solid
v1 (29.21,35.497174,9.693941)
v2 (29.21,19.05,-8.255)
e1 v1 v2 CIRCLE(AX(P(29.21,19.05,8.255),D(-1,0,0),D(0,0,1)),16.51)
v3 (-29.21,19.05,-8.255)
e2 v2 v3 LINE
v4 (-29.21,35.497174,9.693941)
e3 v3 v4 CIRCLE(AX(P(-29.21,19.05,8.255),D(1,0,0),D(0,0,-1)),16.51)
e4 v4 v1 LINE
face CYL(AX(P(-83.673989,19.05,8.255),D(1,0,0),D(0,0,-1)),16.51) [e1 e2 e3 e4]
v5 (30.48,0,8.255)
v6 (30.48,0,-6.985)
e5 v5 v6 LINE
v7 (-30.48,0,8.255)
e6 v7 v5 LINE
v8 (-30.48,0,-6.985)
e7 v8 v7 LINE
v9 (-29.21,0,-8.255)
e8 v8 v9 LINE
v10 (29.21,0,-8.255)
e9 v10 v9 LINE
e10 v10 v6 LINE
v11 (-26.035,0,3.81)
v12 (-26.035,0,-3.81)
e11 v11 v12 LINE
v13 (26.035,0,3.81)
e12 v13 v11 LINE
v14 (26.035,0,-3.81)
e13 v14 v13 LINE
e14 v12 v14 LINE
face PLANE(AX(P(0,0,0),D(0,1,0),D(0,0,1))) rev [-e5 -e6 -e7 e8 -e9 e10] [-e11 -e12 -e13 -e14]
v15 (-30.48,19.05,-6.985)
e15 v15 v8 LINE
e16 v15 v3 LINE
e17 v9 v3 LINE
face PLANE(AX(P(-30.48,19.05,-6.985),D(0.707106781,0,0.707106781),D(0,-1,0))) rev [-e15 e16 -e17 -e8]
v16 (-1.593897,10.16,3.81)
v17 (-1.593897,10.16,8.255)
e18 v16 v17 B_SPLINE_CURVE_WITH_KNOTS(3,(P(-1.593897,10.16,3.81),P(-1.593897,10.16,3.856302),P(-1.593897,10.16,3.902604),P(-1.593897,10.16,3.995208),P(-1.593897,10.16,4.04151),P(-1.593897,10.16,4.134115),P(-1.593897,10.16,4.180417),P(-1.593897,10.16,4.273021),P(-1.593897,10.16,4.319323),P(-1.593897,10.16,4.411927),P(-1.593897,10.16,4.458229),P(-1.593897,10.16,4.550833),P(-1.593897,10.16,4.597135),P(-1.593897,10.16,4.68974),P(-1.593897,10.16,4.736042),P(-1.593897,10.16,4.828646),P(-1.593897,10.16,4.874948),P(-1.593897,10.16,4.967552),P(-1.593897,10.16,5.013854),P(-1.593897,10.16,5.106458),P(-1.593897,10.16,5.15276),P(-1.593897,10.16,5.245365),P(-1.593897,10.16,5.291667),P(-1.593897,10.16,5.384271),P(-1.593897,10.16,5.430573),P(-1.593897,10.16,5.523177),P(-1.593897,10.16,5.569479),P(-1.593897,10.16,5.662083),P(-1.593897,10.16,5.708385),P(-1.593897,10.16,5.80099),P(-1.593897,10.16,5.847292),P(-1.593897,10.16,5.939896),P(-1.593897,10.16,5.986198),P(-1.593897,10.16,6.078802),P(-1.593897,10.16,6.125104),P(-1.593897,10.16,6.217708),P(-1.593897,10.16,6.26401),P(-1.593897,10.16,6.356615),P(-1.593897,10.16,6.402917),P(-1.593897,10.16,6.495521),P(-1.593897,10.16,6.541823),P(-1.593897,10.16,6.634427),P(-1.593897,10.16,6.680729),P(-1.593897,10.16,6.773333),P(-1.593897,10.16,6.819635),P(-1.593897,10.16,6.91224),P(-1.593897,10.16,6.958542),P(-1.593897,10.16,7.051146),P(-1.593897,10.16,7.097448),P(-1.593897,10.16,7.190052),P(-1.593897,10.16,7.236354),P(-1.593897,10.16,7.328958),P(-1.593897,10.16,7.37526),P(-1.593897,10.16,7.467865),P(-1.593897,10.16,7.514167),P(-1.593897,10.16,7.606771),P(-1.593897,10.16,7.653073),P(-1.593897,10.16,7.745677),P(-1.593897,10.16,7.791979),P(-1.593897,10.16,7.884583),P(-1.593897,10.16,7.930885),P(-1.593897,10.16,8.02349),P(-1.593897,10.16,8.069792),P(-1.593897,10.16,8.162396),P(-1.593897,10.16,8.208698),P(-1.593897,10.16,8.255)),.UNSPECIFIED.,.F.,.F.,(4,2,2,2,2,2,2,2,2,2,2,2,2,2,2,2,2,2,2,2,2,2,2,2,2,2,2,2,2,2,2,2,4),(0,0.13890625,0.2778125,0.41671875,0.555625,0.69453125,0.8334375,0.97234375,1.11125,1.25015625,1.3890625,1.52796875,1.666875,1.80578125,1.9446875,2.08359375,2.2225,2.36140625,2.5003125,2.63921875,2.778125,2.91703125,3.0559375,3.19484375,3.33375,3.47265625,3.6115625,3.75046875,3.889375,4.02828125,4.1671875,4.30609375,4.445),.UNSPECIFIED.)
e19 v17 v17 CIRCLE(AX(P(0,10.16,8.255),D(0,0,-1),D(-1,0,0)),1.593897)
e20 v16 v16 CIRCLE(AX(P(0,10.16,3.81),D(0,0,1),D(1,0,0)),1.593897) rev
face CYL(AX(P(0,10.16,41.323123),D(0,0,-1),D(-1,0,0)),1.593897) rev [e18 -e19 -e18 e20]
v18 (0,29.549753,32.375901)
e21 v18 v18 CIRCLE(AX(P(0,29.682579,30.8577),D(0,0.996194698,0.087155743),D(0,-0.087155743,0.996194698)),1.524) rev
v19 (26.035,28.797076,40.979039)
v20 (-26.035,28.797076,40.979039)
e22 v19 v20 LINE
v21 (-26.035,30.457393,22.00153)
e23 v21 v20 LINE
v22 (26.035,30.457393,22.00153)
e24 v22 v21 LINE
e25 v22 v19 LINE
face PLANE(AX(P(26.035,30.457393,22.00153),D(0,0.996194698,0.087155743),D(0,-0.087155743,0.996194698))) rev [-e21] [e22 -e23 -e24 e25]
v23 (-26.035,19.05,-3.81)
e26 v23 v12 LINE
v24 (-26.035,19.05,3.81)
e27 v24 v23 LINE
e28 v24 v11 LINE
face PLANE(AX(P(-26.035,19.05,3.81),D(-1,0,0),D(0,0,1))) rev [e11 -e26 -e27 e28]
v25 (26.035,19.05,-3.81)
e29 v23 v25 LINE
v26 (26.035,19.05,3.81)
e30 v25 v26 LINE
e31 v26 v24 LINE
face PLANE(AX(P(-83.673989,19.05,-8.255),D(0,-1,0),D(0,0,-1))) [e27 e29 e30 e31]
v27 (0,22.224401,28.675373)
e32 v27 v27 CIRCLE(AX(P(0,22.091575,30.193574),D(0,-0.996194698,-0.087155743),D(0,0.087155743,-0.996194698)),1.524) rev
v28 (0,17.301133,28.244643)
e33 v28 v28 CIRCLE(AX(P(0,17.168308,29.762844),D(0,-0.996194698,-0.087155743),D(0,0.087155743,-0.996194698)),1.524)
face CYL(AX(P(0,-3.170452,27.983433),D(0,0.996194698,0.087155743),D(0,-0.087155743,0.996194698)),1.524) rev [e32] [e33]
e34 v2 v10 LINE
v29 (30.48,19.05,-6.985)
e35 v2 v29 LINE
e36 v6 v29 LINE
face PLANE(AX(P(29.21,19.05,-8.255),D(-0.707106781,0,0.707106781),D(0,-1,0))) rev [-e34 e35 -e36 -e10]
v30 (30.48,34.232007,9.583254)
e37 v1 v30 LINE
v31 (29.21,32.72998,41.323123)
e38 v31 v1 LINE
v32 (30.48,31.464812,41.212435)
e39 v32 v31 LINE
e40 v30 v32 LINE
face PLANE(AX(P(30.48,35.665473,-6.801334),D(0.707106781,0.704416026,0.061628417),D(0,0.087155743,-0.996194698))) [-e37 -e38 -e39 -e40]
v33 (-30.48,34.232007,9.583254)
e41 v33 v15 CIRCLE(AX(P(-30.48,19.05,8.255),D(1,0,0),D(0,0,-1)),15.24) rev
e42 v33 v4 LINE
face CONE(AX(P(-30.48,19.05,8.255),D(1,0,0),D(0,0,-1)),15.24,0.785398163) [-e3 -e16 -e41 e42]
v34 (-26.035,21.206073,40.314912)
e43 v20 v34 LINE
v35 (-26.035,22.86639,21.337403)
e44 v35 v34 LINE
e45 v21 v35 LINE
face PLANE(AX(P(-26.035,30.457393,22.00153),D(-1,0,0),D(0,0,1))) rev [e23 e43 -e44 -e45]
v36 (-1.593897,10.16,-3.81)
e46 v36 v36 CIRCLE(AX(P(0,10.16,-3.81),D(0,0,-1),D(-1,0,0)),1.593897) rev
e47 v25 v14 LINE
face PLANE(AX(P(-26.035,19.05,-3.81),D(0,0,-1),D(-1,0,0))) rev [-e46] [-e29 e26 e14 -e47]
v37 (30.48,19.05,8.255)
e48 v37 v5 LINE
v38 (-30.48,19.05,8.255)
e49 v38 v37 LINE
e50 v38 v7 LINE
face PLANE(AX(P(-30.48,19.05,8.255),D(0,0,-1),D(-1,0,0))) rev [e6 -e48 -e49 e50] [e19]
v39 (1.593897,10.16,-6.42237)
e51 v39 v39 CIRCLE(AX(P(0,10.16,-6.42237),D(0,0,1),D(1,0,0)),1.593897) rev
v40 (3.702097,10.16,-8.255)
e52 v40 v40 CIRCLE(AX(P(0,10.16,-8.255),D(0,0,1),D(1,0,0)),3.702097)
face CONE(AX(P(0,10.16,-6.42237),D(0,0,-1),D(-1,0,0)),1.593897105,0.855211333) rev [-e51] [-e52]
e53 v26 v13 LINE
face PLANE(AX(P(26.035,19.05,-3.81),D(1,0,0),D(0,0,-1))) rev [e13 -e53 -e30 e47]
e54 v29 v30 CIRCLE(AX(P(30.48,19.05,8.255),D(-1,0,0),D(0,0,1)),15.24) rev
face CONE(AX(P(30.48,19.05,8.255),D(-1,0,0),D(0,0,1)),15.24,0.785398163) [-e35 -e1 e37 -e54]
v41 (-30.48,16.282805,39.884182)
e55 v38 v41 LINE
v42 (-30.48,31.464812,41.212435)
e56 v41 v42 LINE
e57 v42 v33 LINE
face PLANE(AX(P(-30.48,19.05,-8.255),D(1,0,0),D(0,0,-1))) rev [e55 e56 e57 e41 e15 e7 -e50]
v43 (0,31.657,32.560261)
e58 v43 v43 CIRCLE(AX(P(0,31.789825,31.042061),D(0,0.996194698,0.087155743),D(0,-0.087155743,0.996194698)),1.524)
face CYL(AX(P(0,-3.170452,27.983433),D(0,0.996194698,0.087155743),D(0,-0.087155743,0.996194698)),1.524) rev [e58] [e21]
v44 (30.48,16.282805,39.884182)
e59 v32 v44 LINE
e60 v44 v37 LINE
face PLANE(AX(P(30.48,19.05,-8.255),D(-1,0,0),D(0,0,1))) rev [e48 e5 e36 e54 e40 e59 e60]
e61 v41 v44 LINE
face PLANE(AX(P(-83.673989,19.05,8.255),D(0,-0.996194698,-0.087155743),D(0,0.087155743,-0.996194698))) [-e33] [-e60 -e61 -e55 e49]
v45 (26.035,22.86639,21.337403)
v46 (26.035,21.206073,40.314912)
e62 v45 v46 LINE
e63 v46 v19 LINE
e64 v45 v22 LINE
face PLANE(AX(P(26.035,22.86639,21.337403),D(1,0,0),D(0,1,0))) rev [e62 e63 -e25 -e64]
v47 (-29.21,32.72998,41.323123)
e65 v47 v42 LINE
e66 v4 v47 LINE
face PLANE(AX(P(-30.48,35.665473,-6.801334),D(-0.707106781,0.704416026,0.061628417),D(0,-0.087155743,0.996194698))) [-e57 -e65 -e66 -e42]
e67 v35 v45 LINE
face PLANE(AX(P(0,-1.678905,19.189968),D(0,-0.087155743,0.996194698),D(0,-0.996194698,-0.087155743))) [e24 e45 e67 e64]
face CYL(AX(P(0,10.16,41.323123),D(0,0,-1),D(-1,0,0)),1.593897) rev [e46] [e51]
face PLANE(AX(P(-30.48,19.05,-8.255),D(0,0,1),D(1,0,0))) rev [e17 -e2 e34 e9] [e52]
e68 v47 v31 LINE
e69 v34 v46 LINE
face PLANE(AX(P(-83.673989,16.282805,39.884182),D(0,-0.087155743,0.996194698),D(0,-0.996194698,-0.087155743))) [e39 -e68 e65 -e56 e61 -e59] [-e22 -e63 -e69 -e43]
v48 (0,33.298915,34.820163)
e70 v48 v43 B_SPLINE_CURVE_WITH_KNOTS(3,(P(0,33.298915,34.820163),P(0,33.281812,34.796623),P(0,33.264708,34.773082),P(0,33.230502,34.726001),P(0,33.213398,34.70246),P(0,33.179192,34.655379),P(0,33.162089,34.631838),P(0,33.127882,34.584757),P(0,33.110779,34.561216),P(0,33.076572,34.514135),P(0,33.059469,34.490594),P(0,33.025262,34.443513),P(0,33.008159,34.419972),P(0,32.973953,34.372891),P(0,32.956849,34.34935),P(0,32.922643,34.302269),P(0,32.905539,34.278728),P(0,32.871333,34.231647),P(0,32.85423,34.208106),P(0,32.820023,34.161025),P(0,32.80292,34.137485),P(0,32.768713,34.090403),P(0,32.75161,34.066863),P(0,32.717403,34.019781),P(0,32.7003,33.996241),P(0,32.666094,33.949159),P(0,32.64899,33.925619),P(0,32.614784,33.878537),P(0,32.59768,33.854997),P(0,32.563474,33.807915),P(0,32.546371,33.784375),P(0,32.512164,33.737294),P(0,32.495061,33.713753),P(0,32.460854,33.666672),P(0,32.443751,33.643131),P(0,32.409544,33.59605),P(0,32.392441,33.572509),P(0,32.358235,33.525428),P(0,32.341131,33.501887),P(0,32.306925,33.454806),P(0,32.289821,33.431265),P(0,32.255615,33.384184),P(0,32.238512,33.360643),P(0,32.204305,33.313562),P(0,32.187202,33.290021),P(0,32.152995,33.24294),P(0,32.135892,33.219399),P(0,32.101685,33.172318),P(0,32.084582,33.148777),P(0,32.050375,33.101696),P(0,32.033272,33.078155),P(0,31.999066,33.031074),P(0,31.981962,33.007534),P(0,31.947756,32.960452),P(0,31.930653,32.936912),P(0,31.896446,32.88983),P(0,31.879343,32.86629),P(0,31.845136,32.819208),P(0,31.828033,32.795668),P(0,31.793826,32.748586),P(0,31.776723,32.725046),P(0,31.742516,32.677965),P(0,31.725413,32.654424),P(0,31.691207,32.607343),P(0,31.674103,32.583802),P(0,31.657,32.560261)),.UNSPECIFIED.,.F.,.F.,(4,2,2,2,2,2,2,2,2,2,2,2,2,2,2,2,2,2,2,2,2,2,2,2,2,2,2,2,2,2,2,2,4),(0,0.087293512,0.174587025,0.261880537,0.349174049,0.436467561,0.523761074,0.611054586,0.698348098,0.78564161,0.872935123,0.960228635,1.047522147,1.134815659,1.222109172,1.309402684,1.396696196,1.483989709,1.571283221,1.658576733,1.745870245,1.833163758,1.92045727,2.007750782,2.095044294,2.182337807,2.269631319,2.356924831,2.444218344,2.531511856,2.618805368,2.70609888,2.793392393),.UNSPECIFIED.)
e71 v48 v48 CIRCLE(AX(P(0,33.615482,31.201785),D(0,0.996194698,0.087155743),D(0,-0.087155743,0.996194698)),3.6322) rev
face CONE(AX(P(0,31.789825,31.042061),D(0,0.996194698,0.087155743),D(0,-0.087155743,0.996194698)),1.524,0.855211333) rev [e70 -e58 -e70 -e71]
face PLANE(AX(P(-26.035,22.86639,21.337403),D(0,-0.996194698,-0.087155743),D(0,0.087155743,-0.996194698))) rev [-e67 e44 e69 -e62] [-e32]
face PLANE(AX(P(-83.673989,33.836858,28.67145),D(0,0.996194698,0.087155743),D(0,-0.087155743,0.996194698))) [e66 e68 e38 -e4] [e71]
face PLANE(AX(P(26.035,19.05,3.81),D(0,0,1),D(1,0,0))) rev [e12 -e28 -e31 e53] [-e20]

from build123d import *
from OCP.BRepFilletAPI import BRepFilletAPI_MakeChamfer

# Parameters (mm, degrees)
SKETCH1_W           = 60.96
SKETCH1_H           = 16.51
SKETCH1_W_2         = 50.8
SKETCH1_H_2         = 6.35
BOSS_EXTRUDE1_DEPTH = 19.05
BOSS_EXTRUDE2_DEPTH = 60.96
SKETCH7_W           = 50.8
SKETCH7_H           = 6.35
CUT_EXTRUDE1_DEPTH  = 19.05
SKETCH8_R           = 1.524
CUT_EXTRUDE2_DEPTH  = 61.718810561
SKETCH9_R           = 1.593897105
CUT_EXTRUDE3_DEPTH  = 69.202157429
CHAMFER1_SIZE       = 2.1082
CHAMFER1_SIZE2      = 1.832630301
SKETCH10_W          = 52.07
SKETCH10_H          = 7.62
CUT_EXTRUDE4_DEPTH  = 19.05
SKETCH11_W          = 52.07
SKETCH11_H          = 7.62
CUT_EXTRUDE5_DEPTH  = 19.05
CHAMFER2_SIZE       = 1.27


with BuildPart() as part:
    # Sketch1 → Boss-Extrude1 (new body)
    with BuildSketch(Plane(origin=(0, 0, 0), x_dir=(1, 0, 0), z_dir=(0, 1, 0))):
        Rectangle(SKETCH1_W, SKETCH1_H)
        Rectangle(SKETCH1_W_2, SKETCH1_H_2, mode=Mode.SUBTRACT)
    extrude(amount=BOSS_EXTRUDE1_DEPTH)

    # Sketch5 → Boss-Extrude2 (add)
    with BuildSketch(Plane(origin=(30.48, 0, 0), x_dir=(0, 0, -1), z_dir=(1, 0, 0))):
        with BuildLine():
            Line((8.255, 19.05), (-8.255, 19.05))
            Line((-8.255, 19.05), (-39.884181664, 16.282805168))
            Line((-39.884181664, 16.282805168), (-41.323122977, 32.729979633))
            Line((-41.323122977, 32.729979633), (-28.671450311, 33.836857566))
            Line((-28.671450311, 33.836857566), (-9.693941313, 35.497174465))
            ThreePointArc((-9.693941313, 35.497174465), (2.898994328, 31.222448831), (8.255, 19.05))
        make_face()
    extrude(amount=-BOSS_EXTRUDE2_DEPTH)

    # Sketch7 → Cut-Extrude1 (cut)
    with BuildSketch(Plane(origin=(0, -3.339221533, 38.167476773), x_dir=(1, 0, 0), z_dir=(0, -0.08715574274765728, 0.9961946980917457))):
        with Locations((0, 28.449053402)):
            Rectangle(SKETCH7_W, SKETCH7_H)
    extrude(amount=-CUT_EXTRUDE1_DEPTH, mode=Mode.SUBTRACT)

    # Sketch8 → Cut-Extrude2 (cut, through all)
    with BuildSketch(Plane(origin=(0, 36.069201166, 3.155646204), x_dir=(1, 0, 0), z_dir=(0, 0.9961946980917459, 0.08715574274765486))):
        with Locations(Location((0, -28.153270333, 0), (0, 0, 270))):
            Circle(SKETCH8_R)
    extrude(amount=-CUT_EXTRUDE2_DEPTH, mode=Mode.SUBTRACT)

    # Sketch9 → Cut-Extrude3 (cut, through all)
    with BuildSketch(Plane(origin=(0, 0, -8.255), x_dir=(-1, 0, 0), z_dir=(0, 0, -1))):
        with Locations((0, 10.16)):
            Circle(SKETCH9_R)
    extrude(amount=-CUT_EXTRUDE3_DEPTH, mode=Mode.SUBTRACT)

    # Chamfer1: one chamfer whose edges measure the first distance from different faces: ONE call of the kernel's chamfer builder (chamfer() names one face for all edges)
    chamfer1_edges_1 = [part.edges().sort_by_distance(p)[0] for p in [
        (0, 33.748307332, 29.683584125),
    ]]
    chamfer1_side_1 = [part.faces().sort_by_distance(p)[0] for p in [
        (0, 34.115461929, 25.486987868),
    ]]
    chamfer1_edges_2 = [part.edges().sort_by_distance(p)[0] for p in [
        (1.593897105, 10.16, -8.255),
    ]]
    chamfer1_side_2 = [part.faces().sort_by_distance(p)[0] for p in [
        (-29.841327619, 9.525, -8.255),
    ]]
    chamfer1 = BRepFilletAPI_MakeChamfer(part.part.solid().wrapped)
    for e in chamfer1_edges_1:
        chamfer1.Add(CHAMFER1_SIZE, CHAMFER1_SIZE2, e.wrapped, chamfer1_side_1[0].wrapped)  # the first distance lies on this face
    for e in chamfer1_edges_2:
        chamfer1.Add(CHAMFER1_SIZE, CHAMFER1_SIZE2, e.wrapped, chamfer1_side_2[0].wrapped)  # the first distance lies on this face
    add(Compound.cast(chamfer1.Shape()), mode=Mode.REPLACE)

    # Sketch10 → Cut-Extrude4 (cut)
    with BuildSketch(Plane(origin=(0, -3.339221533, 38.167476773), x_dir=(1, 0, 0), z_dir=(0, -0.08715574274765728, 0.9961946980917457))):
        with Locations((0, 28.449053402)):
            Rectangle(SKETCH10_W, SKETCH10_H)
    extrude(amount=-CUT_EXTRUDE4_DEPTH, mode=Mode.SUBTRACT)

    # Sketch11 → Cut-Extrude5 (cut)
    with BuildSketch(Plane.XZ):
        Rectangle(SKETCH11_W, SKETCH11_H)
    extrude(amount=-CUT_EXTRUDE5_DEPTH, mode=Mode.SUBTRACT)

    # Chamfer2
    chamfer2_edges = [part.edges().sort_by_distance(p)[0] for p in [
        (30.48, 31.222448831, -2.898994328),
        (30.48, 34.113577049, 25.508532145),
        (-30.48, 31.222448831, -2.898994328),
        (-30.48, 34.113577049, 25.508532145),
        (-30.48, 9.525, -8.255),
        (30.48, 9.525, -8.255),
    ]]
    chamfer(chamfer2_edges, length=CHAMFER2_SIZE)


solid = part.part
